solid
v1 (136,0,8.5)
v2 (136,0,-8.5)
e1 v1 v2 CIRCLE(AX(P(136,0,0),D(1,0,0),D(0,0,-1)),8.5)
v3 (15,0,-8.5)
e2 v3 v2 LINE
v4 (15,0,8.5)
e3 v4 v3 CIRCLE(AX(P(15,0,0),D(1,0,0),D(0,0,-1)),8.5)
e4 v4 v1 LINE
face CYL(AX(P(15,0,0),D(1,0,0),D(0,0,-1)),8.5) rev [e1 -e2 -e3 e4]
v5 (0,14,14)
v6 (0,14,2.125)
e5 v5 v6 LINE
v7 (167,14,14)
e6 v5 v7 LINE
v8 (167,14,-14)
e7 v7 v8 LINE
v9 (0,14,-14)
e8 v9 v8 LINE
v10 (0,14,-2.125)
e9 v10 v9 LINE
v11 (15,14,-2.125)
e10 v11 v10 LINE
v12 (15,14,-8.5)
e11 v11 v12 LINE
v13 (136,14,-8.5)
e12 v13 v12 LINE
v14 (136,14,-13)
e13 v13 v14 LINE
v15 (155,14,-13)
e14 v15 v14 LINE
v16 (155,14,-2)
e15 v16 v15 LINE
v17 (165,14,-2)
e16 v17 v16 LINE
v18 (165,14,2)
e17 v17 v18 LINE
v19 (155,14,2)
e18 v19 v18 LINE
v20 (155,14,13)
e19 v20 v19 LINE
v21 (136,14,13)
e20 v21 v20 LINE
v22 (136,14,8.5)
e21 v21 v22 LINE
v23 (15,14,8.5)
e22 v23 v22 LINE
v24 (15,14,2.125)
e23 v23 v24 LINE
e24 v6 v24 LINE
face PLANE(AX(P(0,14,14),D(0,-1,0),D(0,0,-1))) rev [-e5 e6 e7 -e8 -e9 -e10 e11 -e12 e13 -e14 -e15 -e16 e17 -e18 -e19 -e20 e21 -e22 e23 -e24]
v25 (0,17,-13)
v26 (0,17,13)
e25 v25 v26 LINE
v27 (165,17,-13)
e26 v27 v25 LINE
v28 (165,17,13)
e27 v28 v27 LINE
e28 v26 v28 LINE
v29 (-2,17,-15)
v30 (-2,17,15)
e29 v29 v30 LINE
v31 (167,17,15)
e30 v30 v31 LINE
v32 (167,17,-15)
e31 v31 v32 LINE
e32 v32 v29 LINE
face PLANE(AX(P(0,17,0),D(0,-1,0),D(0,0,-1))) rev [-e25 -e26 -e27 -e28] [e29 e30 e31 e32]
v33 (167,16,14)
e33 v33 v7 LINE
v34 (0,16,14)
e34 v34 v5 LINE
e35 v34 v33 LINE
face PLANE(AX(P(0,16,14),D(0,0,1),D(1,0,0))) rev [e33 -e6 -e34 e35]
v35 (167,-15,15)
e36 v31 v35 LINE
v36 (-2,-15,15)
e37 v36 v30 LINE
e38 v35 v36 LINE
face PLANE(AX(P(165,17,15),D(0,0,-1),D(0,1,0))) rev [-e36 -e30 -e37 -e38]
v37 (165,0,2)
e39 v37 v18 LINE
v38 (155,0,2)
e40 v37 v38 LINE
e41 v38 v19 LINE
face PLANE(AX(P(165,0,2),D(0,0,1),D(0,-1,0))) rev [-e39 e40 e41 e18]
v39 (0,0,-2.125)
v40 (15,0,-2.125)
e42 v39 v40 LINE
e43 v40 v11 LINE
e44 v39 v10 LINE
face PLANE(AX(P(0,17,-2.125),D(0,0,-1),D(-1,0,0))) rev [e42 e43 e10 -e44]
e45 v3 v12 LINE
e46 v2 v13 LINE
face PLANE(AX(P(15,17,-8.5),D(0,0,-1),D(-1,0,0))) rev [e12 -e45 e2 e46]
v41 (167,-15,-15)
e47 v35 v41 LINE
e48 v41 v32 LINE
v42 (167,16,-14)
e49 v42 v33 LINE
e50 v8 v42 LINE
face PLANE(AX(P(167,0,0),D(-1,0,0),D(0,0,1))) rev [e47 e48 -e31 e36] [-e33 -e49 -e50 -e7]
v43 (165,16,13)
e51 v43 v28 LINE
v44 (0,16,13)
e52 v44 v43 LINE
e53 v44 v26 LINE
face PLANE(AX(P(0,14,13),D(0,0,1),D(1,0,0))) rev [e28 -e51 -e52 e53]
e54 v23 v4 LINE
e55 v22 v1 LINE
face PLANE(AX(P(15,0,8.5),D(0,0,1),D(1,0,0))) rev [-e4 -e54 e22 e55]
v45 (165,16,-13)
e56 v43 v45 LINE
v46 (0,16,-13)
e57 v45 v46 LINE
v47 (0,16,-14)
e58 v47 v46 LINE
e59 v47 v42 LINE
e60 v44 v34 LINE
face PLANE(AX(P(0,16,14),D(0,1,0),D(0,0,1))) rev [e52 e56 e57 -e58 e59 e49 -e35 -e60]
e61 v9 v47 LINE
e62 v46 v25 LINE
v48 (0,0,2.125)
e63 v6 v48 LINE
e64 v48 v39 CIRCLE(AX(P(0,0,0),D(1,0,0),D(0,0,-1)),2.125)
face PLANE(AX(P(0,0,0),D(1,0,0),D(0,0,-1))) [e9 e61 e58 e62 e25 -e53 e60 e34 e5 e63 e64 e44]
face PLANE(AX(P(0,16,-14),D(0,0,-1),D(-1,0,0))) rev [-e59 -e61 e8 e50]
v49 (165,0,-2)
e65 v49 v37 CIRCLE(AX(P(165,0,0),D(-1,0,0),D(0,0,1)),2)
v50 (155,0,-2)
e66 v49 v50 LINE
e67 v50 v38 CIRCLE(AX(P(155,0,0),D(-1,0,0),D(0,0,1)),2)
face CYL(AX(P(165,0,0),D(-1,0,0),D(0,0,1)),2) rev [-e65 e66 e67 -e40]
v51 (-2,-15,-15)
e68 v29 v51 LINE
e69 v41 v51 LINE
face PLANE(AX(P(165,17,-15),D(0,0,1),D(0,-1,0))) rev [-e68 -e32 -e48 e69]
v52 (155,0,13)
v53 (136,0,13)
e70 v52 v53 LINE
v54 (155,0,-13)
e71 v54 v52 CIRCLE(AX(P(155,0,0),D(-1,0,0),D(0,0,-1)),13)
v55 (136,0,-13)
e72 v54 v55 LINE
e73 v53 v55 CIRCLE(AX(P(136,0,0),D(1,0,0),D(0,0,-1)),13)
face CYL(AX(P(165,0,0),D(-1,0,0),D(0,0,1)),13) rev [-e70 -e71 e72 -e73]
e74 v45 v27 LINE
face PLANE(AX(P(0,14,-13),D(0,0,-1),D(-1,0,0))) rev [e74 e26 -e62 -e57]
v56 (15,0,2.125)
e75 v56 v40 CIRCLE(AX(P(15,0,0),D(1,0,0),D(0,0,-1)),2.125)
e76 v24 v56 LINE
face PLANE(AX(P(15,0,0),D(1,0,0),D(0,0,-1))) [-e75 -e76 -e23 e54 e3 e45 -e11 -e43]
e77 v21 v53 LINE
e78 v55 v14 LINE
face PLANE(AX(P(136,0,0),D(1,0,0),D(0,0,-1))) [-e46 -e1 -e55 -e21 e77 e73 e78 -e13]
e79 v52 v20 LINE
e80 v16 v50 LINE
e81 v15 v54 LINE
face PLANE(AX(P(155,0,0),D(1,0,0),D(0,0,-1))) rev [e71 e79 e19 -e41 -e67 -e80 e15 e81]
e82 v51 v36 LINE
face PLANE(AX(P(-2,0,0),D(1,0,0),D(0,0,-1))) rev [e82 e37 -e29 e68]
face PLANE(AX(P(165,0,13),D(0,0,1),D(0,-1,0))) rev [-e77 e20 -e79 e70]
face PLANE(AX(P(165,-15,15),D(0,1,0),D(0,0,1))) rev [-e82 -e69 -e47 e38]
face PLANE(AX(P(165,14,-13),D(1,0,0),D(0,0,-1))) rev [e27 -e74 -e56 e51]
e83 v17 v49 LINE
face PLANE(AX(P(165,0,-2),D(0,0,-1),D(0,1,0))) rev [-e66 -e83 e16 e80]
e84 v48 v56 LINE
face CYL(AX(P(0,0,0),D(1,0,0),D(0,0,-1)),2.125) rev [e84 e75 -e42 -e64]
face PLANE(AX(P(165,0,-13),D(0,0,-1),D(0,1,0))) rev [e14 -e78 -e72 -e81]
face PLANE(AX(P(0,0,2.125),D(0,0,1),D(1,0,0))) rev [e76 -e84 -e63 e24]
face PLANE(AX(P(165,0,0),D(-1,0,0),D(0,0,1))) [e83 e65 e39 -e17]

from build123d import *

# Parameters (mm, degrees)
BOSS_EXTRUDE1_DEPTH = 165
SKETCH3_W           = 30
SKETCH3_H           = 32
BOSS_EXTRUDE2_DEPTH = 2
SKETCH4_W           = 30
SKETCH4_H           = 32
BOSS_EXTRUDE3_DEPTH = 2
BOSS_EXTRUDE4_START = 10
BOSS_EXTRUDE4_DEPTH = 10
CUT_EXTRUDE1_DEPTH  = 10
BOSS_EXTRUDE6_DEPTH = 15
CUT_EXTRUDE2_DEPTH  = 15
BOSS_EXTRUDE7_DEPTH = 121
CUT_EXTRUDE3_DEPTH  = 121
SKETCH13_W          = 169
SKETCH13_H          = 30
CUT_EXTRUDE5_DEPTH  = 3
SKETCH14_W          = 169
SKETCH14_H          = 30
BOSS_EXTRUDE8_DEPTH = 3
SKETCH12_W          = 28
SKETCH12_H          = 2
CUT_EXTRUDE6_DEPTH  = 167
SKETCH16_W          = 165
SKETCH16_H          = 26
CUT_EXTRUDE7_DEPTH  = 3


with BuildPart() as part:
    # Sketch2 → Boss-Extrude1 (new body)
    with BuildSketch(Plane(origin=(0, 0, 0), x_dir=(0, 0, -1), z_dir=(1, 0, 0))):
        with BuildLine():
            Line((-13, 0), (-13, 17))
            Line((-13, 17), (-15, 17))
            Line((-15, 17), (-15, -15))
            Line((-15, -15), (15, -15))
            Line((15, -15), (15, 17))
            Line((15, 17), (13, 17))
            Line((13, 17), (13, 0))
            ThreePointArc((13, 0), (0, -13), (-13, 0))
        make_face()
    extrude(amount=BOSS_EXTRUDE1_DEPTH)

    # Sketch3 → Boss-Extrude2 (add)
    with BuildSketch(Plane(origin=(165, 0, 0), x_dir=(0, 0, -1), z_dir=(1, 0, 0))):
        with Locations((0, 1)):
            Rectangle(SKETCH3_W, SKETCH3_H)
    extrude(amount=BOSS_EXTRUDE2_DEPTH)

    # Sketch4 → Boss-Extrude3 (add)
    with BuildSketch(Plane.ZY):
        with Locations((0, 1)):
            Rectangle(SKETCH4_W, SKETCH4_H)
    extrude(amount=BOSS_EXTRUDE3_DEPTH)

    # Sketch5 → Boss-Extrude4 (add)
    with BuildSketch(Plane.ZY.offset(-165).offset(BOSS_EXTRUDE4_START)):
        with BuildLine():
            Line((-13, 17), (-13, 0))
            ThreePointArc((-13, 0), (0, -13), (13, 0))
            Line((13, 0), (13, 17))
            Line((13, 17), (-13, 17))
        make_face()
    extrude(amount=-BOSS_EXTRUDE4_DEPTH)

    # Sketch6 → Cut-Extrude1 (cut)
    with BuildSketch(Plane.ZY.offset(-155)):
        with BuildLine():
            Line((-2, 0), (-2, 17))
            Line((-2, 17), (2, 17))
            Line((2, 17), (2, 0))
            ThreePointArc((2, 0), (0, -2), (-2, 0))
        make_face()
    extrude(amount=-CUT_EXTRUDE1_DEPTH, mode=Mode.SUBTRACT)

    # Sketch8 → Boss-Extrude6 (add)
    with BuildSketch(Plane(origin=(0, 0, 0), x_dir=(0, 0, -1), z_dir=(1, 0, 0))):
        with BuildLine():
            Line((13, 0), (13, 17))
            Line((13, 17), (-13, 17))
            Line((-13, 17), (-13, 0))
            ThreePointArc((-13, 0), (0, -13), (13, 0))
        make_face()
    extrude(amount=BOSS_EXTRUDE6_DEPTH)

    # Sketch9 → Cut-Extrude2 (cut)
    with BuildSketch(Plane(origin=(15, 0, 0), x_dir=(0, 0, -1), z_dir=(1, 0, 0))):
        with BuildLine():
            Line((-2.125, 0), (-2.125, 17))
            Line((-2.125, 17), (2.125, 17))
            Line((2.125, 17), (2.125, 0))
            ThreePointArc((2.125, 0), (0, -2.125), (-2.125, 0))
        make_face()
    extrude(amount=-CUT_EXTRUDE2_DEPTH, mode=Mode.SUBTRACT)

    # Sketch10 → Boss-Extrude7 (add)
    with BuildSketch(Plane(origin=(15, 0, 0), x_dir=(0, 0, -1), z_dir=(1, 0, 0))):
        with BuildLine():
            Line((13, 0), (13, 17))
            Line((13, 17), (-13, 17))
            Line((-13, 17), (-13, 0))
            ThreePointArc((-13, 0), (0, -13), (13, 0))
        make_face()
    extrude(amount=BOSS_EXTRUDE7_DEPTH)

    # Sketch11 → Cut-Extrude3 (cut)
    with BuildSketch(Plane(origin=(136, 0, 0), x_dir=(0, 0, -1), z_dir=(1, 0, 0))):
        with BuildLine():
            Line((-8.5, 0), (-8.5, 17))
            Line((-8.5, 17), (8.5, 17))
            Line((8.5, 17), (8.5, 0))
            ThreePointArc((8.5, 0), (0, -8.5), (-8.5, 0))
        make_face()
    extrude(amount=-CUT_EXTRUDE3_DEPTH, mode=Mode.SUBTRACT)

    # Sketch13 → Cut-Extrude5 (cut)
    with BuildSketch(Plane(origin=(0, 17, 0), x_dir=(1, 0, 0), z_dir=(0, 1, 0))):
        with Locations((82.5, 0)):
            Rectangle(SKETCH13_W, SKETCH13_H)
    extrude(amount=-CUT_EXTRUDE5_DEPTH, mode=Mode.SUBTRACT)

    # Sketch14 → Boss-Extrude8 (add)
    with BuildSketch(Plane(origin=(0, 14, 0), x_dir=(1, 0, 0), z_dir=(0, 1, 0))):
        with Locations((82.5, 0)):
            Rectangle(SKETCH14_W, SKETCH14_H)
    extrude(amount=BOSS_EXTRUDE8_DEPTH)

    # Sketch12 → Cut-Extrude6 (cut)
    with BuildSketch(Plane(origin=(167, 0, 0), x_dir=(0, 0, -1), z_dir=(1, 0, 0))):
        with Locations((0, 15)):
            Rectangle(SKETCH12_W, SKETCH12_H)
    extrude(amount=-CUT_EXTRUDE6_DEPTH, mode=Mode.SUBTRACT)

    # Sketch16 → Cut-Extrude7 (cut)
    with BuildSketch(Plane(origin=(0, 17, 0), x_dir=(1, 0, 0), z_dir=(0, 1, 0))):
        with Locations((82.5, 0)):
            Rectangle(SKETCH16_W, SKETCH16_H)
    extrude(amount=-CUT_EXTRUDE7_DEPTH, mode=Mode.SUBTRACT)


solid = part.part
